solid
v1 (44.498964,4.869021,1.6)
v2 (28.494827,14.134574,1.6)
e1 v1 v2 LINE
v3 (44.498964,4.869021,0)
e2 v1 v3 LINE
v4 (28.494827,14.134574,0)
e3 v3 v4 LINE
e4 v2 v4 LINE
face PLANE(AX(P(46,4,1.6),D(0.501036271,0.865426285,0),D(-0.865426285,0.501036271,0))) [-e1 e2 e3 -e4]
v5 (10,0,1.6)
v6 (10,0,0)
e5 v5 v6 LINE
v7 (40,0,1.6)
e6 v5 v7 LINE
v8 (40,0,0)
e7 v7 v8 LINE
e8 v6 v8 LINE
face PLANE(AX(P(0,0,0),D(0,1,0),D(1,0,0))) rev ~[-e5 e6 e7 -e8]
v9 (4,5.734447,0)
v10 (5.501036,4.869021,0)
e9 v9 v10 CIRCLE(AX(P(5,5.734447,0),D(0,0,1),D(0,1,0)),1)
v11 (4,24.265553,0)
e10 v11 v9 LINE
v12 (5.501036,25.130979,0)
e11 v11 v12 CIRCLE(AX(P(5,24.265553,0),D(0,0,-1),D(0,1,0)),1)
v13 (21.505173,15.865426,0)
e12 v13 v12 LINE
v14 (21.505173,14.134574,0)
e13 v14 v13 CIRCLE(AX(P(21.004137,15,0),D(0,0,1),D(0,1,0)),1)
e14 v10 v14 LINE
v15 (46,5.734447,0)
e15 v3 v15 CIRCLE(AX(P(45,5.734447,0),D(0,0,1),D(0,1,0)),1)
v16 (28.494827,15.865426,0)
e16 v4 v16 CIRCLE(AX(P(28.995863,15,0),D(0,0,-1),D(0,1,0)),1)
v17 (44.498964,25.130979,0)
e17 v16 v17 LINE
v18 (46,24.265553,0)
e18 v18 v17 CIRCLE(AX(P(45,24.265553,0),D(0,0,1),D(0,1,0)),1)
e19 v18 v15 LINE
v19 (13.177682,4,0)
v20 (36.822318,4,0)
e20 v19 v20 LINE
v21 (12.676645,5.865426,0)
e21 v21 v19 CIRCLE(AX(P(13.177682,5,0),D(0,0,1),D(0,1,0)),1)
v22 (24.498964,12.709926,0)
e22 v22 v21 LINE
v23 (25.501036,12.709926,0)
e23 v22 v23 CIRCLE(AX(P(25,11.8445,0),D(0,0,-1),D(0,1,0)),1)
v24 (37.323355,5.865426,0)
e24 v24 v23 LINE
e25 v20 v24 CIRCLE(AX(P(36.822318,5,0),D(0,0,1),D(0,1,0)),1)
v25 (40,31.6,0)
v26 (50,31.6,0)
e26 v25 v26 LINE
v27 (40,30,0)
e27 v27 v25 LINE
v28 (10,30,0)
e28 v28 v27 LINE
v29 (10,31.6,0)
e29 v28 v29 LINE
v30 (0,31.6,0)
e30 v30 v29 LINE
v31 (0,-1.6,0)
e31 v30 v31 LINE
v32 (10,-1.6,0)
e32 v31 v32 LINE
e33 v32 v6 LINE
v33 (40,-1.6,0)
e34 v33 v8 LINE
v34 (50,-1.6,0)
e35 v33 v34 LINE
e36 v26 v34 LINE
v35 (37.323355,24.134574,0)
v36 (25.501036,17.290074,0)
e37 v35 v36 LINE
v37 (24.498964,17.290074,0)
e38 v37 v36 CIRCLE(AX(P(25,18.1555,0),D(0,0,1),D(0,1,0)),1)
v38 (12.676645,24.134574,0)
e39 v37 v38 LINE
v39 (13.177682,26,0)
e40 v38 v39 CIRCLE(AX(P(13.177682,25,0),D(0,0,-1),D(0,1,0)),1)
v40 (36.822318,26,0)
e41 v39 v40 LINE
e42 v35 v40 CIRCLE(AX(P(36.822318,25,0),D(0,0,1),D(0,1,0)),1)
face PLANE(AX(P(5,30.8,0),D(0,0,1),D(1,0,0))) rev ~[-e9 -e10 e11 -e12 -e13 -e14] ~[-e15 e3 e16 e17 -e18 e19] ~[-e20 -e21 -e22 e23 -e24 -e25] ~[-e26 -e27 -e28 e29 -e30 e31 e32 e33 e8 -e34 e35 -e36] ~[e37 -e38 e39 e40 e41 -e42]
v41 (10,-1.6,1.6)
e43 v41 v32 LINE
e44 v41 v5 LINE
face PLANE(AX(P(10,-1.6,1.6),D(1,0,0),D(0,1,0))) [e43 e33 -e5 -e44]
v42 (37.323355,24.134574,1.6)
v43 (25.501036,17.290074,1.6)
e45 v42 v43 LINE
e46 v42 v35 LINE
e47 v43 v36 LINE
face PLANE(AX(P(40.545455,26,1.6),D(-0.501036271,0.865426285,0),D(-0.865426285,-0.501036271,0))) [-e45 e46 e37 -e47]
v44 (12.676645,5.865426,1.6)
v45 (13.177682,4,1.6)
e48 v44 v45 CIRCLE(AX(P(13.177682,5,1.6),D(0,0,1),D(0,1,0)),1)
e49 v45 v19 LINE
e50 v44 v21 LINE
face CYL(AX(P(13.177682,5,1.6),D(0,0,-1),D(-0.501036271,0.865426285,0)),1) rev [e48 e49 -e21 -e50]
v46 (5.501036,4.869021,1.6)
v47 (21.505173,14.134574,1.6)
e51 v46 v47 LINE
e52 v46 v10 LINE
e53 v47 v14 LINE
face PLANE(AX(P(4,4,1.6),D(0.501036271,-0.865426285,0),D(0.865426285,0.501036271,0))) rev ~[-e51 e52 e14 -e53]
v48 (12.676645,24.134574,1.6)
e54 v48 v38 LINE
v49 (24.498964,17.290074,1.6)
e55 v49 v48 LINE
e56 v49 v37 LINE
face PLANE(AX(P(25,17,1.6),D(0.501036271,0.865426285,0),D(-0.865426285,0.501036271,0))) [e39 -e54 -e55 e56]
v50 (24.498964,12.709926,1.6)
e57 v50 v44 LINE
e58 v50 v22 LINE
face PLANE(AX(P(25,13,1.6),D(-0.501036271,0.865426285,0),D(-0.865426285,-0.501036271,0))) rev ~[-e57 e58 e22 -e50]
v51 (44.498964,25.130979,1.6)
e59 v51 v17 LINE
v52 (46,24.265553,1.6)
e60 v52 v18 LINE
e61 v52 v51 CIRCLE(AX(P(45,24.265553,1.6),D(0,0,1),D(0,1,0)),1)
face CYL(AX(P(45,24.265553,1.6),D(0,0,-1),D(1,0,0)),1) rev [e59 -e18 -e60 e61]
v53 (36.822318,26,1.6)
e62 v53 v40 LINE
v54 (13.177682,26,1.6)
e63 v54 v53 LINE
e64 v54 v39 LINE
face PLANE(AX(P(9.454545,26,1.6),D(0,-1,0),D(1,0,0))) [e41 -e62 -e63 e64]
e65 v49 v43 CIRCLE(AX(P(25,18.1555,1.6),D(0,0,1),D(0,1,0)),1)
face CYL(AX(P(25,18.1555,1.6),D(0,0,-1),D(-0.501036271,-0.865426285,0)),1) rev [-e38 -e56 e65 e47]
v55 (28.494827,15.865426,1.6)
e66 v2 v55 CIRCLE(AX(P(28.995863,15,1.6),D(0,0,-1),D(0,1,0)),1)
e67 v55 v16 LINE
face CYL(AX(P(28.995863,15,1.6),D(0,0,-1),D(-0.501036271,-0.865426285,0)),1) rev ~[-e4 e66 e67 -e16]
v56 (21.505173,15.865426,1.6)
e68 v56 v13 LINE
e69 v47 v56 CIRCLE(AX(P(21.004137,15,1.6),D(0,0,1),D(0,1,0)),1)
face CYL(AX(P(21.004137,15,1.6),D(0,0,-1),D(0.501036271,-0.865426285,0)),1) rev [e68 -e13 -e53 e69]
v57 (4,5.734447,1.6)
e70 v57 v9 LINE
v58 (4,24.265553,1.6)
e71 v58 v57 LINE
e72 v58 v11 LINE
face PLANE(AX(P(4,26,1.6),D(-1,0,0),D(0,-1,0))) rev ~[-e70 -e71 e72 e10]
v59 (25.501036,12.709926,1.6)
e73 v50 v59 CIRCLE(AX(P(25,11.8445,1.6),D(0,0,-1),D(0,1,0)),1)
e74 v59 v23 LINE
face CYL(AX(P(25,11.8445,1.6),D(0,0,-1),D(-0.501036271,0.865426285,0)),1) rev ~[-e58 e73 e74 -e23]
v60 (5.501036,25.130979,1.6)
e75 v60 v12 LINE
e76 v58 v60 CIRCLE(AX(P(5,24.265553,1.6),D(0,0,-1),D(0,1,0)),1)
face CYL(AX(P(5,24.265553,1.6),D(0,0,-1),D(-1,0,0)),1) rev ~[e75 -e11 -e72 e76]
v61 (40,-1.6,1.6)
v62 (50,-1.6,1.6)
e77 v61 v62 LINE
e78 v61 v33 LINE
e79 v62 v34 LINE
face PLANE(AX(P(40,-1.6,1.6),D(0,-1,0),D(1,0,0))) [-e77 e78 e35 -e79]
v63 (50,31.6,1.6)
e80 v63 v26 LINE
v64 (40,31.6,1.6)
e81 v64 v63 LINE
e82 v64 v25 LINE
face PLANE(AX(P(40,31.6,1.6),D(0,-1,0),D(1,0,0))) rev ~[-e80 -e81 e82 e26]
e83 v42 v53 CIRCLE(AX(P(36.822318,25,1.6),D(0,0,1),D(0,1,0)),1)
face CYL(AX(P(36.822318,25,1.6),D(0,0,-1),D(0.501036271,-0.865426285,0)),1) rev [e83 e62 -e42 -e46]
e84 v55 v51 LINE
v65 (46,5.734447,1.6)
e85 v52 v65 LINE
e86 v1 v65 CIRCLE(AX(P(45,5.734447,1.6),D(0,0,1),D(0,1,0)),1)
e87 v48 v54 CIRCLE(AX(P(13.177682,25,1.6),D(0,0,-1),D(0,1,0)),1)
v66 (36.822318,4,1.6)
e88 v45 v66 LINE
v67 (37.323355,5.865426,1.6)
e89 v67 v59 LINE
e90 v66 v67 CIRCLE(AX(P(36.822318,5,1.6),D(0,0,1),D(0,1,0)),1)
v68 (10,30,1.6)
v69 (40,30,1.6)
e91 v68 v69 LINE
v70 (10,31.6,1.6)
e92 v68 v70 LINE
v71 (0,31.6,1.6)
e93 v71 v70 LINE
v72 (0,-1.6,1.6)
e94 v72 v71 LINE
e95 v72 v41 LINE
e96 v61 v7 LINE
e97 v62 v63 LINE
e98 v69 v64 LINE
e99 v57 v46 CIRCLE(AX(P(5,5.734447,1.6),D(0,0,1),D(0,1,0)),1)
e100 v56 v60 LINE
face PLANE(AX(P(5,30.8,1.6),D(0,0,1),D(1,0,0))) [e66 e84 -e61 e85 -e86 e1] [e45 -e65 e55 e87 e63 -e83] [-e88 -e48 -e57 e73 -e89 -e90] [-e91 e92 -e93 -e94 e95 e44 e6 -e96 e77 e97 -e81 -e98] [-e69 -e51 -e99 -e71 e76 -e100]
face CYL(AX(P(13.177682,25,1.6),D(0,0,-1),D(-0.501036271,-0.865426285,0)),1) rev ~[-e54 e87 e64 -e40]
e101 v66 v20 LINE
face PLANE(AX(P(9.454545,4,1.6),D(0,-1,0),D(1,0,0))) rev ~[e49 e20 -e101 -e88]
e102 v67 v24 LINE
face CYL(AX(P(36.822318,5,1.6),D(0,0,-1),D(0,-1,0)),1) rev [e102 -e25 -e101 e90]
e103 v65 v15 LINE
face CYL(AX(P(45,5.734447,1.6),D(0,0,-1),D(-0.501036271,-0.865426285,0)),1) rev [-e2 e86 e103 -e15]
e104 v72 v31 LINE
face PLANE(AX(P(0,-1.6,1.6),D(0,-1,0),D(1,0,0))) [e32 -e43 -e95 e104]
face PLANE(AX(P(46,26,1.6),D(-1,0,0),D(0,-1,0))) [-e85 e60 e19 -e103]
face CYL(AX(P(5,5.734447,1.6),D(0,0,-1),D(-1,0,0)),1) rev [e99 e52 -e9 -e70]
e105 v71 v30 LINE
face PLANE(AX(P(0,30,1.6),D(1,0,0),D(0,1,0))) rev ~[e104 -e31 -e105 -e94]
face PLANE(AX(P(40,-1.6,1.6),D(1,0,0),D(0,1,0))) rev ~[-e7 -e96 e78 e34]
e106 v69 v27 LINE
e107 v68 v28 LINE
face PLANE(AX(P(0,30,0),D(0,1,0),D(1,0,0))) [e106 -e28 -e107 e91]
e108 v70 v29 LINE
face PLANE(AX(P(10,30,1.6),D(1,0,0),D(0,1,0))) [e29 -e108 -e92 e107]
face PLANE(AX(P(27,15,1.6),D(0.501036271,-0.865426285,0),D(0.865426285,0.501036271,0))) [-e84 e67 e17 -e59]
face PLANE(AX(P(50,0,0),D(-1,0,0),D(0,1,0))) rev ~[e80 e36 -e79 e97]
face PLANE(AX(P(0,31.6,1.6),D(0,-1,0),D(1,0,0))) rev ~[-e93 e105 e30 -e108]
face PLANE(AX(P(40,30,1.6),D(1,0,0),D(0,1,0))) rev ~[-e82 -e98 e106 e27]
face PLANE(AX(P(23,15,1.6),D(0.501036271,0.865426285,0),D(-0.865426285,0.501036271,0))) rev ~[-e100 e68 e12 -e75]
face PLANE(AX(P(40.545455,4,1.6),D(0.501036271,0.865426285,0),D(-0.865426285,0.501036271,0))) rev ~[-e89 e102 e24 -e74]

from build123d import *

# Parameters (mm, degrees)
SKETCH1_W           = 50
SKETCH1_H           = 30
BOSS_EXTRUDE1_DEPTH = 1.6
SKETCH2_W           = 10
SKETCH2_H           = 1.6
BOSS_EXTRUDE2_DEPTH = 1.6
CUT_EXTRUDE1_DEPTH  = 60.170262802
FILLET1_R           = 1


with BuildPart() as part:
    # Sketch1 → Boss-Extrude1 (new body)
    with BuildSketch(Plane.XY):
        with Locations((25, 15)):
            Rectangle(SKETCH1_W, SKETCH1_H)
    extrude(amount=BOSS_EXTRUDE1_DEPTH)

    # Sketch2 → Boss-Extrude2 (add)
    with BuildSketch(Plane.XY.offset(1.6)):
        with Locations((5, 30.8)):
            Rectangle(SKETCH2_W, SKETCH2_H)
        with Locations((45, 30.8)):
            Rectangle(SKETCH2_W, SKETCH2_H)
        with Locations((45, -0.8)):
            Rectangle(SKETCH2_W, SKETCH2_H)
        with Locations((5, -0.8)):
            Rectangle(SKETCH2_W, SKETCH2_H)
    extrude(amount=-BOSS_EXTRUDE2_DEPTH)

    # Sketch3 → Cut-Extrude1 (cut, through all)
    with BuildSketch(Plane.XY.offset(1.6)):
        Polygon((4, 26), (4, 4), (23, 15), align=None)
        Polygon((9.454545455, 26), (40.545454545, 26), (25, 17), align=None)
        Polygon((25, 13), (9.454545455, 4), (40.545454545, 4), align=None)
        Polygon((27, 15), (46, 26), (46, 4), align=None)
    extrude(amount=-CUT_EXTRUDE1_DEPTH, mode=Mode.SUBTRACT)

    # Fillet1
    fillet1_edges = [part.edges().sort_by_distance(p)[0] for p in [
        (46, 4, 0.8),
        (27, 15, 0.8),
        (46, 26, 0.8),
        (25, 17, 0.8),
        (9.454545455, 26, 0.8),
        (40.545454545, 26, 0.8),
        (25, 13, 0.8),
        (40.545454545, 4, 0.8),
        (9.454545455, 4, 0.8),
        (4, 26, 0.8),
        (23, 15, 0.8),
        (4, 4, 0.8),
    ]]
    fillet(fillet1_edges, radius=FILLET1_R)


solid = part.part
